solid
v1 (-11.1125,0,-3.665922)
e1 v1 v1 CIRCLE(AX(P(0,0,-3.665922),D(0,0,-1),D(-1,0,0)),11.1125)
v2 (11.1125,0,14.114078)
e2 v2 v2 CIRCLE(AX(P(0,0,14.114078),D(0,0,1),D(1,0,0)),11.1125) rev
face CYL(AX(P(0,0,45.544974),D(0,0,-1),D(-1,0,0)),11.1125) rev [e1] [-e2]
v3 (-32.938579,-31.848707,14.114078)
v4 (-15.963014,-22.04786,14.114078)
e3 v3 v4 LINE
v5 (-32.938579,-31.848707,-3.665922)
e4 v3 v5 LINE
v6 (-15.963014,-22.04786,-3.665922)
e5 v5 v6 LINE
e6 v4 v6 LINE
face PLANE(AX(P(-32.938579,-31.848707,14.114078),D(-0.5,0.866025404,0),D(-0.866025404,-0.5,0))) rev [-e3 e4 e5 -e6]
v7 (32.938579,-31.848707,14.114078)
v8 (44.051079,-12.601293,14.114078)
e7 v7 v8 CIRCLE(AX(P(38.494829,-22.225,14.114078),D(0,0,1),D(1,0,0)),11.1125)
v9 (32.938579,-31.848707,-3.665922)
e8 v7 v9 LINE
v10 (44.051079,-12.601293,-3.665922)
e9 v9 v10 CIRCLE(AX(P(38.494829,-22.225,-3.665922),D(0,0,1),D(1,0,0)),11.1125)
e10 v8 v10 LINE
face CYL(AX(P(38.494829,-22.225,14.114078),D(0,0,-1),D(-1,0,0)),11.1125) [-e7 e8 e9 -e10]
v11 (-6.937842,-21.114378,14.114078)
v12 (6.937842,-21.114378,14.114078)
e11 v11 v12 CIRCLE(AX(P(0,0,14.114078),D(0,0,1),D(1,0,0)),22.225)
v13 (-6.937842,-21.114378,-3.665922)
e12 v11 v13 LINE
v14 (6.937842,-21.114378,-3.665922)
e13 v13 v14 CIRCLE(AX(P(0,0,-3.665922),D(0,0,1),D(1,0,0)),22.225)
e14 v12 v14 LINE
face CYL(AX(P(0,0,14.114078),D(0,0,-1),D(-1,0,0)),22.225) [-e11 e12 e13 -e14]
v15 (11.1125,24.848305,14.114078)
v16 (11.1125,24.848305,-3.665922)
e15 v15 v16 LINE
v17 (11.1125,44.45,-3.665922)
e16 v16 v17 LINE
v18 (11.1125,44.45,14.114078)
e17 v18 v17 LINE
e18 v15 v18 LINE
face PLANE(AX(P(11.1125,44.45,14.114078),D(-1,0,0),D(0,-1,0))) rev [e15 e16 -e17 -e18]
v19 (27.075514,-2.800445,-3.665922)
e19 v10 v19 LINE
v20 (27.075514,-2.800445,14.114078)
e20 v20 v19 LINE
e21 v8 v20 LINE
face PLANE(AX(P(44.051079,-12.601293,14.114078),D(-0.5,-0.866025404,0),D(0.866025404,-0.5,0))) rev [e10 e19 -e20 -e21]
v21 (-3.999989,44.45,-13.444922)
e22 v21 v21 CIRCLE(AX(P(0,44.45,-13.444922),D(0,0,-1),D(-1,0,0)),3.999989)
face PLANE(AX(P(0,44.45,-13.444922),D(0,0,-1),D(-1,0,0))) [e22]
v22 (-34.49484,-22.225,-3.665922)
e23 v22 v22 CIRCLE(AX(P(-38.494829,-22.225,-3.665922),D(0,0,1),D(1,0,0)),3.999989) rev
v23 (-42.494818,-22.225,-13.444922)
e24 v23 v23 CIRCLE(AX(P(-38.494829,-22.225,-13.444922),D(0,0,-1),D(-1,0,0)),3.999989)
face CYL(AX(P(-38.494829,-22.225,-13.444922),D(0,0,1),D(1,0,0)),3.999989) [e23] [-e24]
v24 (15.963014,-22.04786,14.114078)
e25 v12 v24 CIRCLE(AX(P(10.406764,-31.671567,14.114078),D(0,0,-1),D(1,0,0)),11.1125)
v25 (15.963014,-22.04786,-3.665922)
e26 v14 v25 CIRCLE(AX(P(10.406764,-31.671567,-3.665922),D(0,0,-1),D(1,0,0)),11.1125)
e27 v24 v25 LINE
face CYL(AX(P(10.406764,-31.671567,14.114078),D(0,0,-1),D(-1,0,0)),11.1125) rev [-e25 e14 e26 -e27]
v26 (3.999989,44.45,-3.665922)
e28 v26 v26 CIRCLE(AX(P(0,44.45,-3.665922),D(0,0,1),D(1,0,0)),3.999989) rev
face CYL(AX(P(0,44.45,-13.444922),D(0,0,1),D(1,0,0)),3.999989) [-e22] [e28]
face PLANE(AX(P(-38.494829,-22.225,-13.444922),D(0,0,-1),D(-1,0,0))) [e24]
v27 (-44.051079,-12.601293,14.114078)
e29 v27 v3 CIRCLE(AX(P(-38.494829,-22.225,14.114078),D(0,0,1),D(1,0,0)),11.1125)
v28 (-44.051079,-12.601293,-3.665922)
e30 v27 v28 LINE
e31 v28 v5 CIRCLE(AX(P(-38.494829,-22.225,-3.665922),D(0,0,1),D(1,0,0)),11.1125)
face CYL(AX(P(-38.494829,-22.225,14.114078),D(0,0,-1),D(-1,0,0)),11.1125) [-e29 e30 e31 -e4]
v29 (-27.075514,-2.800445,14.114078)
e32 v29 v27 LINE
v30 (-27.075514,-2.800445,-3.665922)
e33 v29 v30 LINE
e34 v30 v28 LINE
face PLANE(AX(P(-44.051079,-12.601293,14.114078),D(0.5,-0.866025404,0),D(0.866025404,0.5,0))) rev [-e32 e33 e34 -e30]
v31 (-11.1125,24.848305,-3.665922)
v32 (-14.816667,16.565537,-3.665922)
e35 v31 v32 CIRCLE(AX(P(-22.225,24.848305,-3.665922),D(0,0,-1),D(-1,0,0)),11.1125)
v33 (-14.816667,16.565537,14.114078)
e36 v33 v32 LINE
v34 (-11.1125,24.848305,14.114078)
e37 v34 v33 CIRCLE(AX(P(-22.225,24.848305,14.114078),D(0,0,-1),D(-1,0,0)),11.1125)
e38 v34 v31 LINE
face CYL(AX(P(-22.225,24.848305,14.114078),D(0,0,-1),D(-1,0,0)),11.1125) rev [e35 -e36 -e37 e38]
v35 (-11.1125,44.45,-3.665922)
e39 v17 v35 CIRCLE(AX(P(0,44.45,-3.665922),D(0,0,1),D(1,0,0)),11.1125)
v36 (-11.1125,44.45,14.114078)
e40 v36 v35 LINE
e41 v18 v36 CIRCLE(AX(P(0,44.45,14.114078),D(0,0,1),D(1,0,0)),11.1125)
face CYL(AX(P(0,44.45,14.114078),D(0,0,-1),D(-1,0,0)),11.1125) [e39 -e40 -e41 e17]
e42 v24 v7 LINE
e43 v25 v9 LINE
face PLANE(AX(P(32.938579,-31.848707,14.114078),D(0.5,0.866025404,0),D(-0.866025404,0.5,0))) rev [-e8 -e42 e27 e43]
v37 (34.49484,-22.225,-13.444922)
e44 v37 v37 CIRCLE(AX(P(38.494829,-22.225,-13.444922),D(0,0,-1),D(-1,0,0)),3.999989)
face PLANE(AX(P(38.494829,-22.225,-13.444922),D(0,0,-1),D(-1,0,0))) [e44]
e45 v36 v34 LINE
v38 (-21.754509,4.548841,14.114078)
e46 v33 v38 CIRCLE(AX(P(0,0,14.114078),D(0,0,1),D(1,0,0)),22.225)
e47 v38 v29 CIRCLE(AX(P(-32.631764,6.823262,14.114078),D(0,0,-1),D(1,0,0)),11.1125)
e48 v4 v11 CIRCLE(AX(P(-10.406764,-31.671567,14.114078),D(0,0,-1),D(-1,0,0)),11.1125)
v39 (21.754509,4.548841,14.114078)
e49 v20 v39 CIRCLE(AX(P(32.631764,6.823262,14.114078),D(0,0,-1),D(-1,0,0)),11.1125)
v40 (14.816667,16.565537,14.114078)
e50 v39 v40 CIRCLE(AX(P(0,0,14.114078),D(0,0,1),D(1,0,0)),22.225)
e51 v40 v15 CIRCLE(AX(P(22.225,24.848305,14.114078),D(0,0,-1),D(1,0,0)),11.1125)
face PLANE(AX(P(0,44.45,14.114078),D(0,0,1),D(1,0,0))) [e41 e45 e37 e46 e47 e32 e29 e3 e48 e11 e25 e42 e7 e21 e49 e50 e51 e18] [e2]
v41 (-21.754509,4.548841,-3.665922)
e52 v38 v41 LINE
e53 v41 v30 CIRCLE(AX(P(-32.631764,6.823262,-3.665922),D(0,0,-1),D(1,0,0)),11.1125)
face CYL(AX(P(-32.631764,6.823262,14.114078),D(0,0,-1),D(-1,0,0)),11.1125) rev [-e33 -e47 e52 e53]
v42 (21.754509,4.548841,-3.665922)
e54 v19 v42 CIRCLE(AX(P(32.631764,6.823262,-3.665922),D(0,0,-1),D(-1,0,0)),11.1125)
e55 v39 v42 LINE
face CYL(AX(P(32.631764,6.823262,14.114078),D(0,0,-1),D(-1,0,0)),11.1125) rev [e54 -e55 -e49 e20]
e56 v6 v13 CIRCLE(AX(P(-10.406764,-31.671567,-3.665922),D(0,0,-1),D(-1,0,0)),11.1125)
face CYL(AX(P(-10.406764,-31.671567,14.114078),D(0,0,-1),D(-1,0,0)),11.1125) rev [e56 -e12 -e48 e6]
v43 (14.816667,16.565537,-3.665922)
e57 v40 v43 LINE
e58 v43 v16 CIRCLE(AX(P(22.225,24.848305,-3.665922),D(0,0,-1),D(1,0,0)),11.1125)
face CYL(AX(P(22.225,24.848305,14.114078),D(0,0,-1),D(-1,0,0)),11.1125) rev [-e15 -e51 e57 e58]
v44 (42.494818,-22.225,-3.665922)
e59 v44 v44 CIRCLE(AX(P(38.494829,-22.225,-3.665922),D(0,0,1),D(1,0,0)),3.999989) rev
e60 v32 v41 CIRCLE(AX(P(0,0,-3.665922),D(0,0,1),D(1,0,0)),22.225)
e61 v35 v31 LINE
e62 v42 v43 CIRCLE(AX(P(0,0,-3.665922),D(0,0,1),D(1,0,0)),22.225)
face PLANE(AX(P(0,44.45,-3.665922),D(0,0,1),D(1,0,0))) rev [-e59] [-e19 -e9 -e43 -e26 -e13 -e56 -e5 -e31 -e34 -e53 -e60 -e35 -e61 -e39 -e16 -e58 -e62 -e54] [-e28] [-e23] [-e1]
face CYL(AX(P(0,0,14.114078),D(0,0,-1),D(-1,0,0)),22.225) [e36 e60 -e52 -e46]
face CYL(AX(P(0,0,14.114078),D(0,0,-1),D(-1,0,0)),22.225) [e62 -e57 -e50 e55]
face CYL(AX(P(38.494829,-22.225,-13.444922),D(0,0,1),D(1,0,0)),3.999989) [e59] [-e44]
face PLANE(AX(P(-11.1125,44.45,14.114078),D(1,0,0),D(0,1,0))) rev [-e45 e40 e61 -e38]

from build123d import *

# Parameters (mm, degrees)
BOSS_EXTRUDE1_DEPTH = 10.16
SKETCH2_R           = 2.2857079
BOSS_EXTRUDE2_DEPTH = 5.588
SKETCH3_R           = 6.35
CUT_EXTRUDE1_DEPTH  = 10.16
SCALE1_SCALE        = 1.75


with BuildPart() as part:
    # Sketch1 → Boss-Extrude1 (new body)
    with BuildSketch(Plane.XY):
        with BuildLine():
            Line((-6.35, 25.4), (-6.35, 14.199031657))
            ThreePointArc((-6.35, 14.199031657), (-6.9032696, 11.606655013), (-8.466666667, 9.466021105))
            ThreePointArc((-8.466666667, 9.466021105), (-10.998522628, 6.35), (-12.431148083, 2.599337866))
            ThreePointArc((-12.431148083, 2.599337866), (-13.503292894, 0.175079336), (-15.471722124, -1.600254515))
            Line((-15.471722124, -1.600254515), (-25.172045256, -7.200738686))
            ThreePointArc((-25.172045256, -7.200738686), (-27.49630657, -15.875), (-18.822045256, -18.199261314))
            Line((-18.822045256, -18.199261314), (-9.121722124, -12.598777143))
            ThreePointArc((-9.121722124, -12.598777143), (-6.600023294, -11.781734349), (-3.964481416, -12.065358971))
            ThreePointArc((-3.964481416, -12.065358971), (0, -12.7), (3.964481416, -12.065358971))
            ThreePointArc((3.964481416, -12.065358971), (6.600023294, -11.781734349), (9.121722124, -12.598777143))
            Line((9.121722124, -12.598777143), (18.822045256, -18.199261314))
            ThreePointArc((18.822045256, -18.199261314), (27.49630657, -15.875), (25.172045256, -7.200738686))
            Line((25.172045256, -7.200738686), (15.471722124, -1.600254515))
            ThreePointArc((15.471722124, -1.600254515), (13.503292894, 0.175079336), (12.431148083, 2.599337866))
            ThreePointArc((12.431148083, 2.599337866), (10.998522628, 6.35), (8.466666667, 9.466021105))
            ThreePointArc((8.466666667, 9.466021105), (6.9032696, 11.606655013), (6.35, 14.199031657))
            Line((6.35, 14.199031657), (6.35, 25.4))
            ThreePointArc((6.35, 25.4), (0, 31.75), (-6.35, 25.4))
        make_face()
    extrude(amount=BOSS_EXTRUDE1_DEPTH)

    # Sketch2 → Boss-Extrude2 (add)
    with BuildSketch(Plane(origin=(0, 0, 0), x_dir=(-1, 0, 0), z_dir=(0, 0, -1))):
        with Locations((0, 25.4)):
            Circle(SKETCH2_R)
        with Locations((21.997045256, -12.7)):
            Circle(SKETCH2_R)
        with Locations((-21.997045256, -12.7)):
            Circle(SKETCH2_R)
    extrude(amount=BOSS_EXTRUDE2_DEPTH)

    # Sketch3 → Cut-Extrude1 (cut)
    with BuildSketch(Plane(origin=(0, 0, 0), x_dir=(-1, 0, 0), z_dir=(0, 0, -1))):
        Circle(SKETCH3_R)
    extrude(amount=-CUT_EXTRUDE1_DEPTH, mode=Mode.SUBTRACT)


with BuildPart() as part_1:
    # Scale1: scaled about (0, 0, 4.887896588)
    add(part.part.scale(SCALE1_SCALE).moved(Location((0, 0, -3.665922441))))


solid = part_1.part
